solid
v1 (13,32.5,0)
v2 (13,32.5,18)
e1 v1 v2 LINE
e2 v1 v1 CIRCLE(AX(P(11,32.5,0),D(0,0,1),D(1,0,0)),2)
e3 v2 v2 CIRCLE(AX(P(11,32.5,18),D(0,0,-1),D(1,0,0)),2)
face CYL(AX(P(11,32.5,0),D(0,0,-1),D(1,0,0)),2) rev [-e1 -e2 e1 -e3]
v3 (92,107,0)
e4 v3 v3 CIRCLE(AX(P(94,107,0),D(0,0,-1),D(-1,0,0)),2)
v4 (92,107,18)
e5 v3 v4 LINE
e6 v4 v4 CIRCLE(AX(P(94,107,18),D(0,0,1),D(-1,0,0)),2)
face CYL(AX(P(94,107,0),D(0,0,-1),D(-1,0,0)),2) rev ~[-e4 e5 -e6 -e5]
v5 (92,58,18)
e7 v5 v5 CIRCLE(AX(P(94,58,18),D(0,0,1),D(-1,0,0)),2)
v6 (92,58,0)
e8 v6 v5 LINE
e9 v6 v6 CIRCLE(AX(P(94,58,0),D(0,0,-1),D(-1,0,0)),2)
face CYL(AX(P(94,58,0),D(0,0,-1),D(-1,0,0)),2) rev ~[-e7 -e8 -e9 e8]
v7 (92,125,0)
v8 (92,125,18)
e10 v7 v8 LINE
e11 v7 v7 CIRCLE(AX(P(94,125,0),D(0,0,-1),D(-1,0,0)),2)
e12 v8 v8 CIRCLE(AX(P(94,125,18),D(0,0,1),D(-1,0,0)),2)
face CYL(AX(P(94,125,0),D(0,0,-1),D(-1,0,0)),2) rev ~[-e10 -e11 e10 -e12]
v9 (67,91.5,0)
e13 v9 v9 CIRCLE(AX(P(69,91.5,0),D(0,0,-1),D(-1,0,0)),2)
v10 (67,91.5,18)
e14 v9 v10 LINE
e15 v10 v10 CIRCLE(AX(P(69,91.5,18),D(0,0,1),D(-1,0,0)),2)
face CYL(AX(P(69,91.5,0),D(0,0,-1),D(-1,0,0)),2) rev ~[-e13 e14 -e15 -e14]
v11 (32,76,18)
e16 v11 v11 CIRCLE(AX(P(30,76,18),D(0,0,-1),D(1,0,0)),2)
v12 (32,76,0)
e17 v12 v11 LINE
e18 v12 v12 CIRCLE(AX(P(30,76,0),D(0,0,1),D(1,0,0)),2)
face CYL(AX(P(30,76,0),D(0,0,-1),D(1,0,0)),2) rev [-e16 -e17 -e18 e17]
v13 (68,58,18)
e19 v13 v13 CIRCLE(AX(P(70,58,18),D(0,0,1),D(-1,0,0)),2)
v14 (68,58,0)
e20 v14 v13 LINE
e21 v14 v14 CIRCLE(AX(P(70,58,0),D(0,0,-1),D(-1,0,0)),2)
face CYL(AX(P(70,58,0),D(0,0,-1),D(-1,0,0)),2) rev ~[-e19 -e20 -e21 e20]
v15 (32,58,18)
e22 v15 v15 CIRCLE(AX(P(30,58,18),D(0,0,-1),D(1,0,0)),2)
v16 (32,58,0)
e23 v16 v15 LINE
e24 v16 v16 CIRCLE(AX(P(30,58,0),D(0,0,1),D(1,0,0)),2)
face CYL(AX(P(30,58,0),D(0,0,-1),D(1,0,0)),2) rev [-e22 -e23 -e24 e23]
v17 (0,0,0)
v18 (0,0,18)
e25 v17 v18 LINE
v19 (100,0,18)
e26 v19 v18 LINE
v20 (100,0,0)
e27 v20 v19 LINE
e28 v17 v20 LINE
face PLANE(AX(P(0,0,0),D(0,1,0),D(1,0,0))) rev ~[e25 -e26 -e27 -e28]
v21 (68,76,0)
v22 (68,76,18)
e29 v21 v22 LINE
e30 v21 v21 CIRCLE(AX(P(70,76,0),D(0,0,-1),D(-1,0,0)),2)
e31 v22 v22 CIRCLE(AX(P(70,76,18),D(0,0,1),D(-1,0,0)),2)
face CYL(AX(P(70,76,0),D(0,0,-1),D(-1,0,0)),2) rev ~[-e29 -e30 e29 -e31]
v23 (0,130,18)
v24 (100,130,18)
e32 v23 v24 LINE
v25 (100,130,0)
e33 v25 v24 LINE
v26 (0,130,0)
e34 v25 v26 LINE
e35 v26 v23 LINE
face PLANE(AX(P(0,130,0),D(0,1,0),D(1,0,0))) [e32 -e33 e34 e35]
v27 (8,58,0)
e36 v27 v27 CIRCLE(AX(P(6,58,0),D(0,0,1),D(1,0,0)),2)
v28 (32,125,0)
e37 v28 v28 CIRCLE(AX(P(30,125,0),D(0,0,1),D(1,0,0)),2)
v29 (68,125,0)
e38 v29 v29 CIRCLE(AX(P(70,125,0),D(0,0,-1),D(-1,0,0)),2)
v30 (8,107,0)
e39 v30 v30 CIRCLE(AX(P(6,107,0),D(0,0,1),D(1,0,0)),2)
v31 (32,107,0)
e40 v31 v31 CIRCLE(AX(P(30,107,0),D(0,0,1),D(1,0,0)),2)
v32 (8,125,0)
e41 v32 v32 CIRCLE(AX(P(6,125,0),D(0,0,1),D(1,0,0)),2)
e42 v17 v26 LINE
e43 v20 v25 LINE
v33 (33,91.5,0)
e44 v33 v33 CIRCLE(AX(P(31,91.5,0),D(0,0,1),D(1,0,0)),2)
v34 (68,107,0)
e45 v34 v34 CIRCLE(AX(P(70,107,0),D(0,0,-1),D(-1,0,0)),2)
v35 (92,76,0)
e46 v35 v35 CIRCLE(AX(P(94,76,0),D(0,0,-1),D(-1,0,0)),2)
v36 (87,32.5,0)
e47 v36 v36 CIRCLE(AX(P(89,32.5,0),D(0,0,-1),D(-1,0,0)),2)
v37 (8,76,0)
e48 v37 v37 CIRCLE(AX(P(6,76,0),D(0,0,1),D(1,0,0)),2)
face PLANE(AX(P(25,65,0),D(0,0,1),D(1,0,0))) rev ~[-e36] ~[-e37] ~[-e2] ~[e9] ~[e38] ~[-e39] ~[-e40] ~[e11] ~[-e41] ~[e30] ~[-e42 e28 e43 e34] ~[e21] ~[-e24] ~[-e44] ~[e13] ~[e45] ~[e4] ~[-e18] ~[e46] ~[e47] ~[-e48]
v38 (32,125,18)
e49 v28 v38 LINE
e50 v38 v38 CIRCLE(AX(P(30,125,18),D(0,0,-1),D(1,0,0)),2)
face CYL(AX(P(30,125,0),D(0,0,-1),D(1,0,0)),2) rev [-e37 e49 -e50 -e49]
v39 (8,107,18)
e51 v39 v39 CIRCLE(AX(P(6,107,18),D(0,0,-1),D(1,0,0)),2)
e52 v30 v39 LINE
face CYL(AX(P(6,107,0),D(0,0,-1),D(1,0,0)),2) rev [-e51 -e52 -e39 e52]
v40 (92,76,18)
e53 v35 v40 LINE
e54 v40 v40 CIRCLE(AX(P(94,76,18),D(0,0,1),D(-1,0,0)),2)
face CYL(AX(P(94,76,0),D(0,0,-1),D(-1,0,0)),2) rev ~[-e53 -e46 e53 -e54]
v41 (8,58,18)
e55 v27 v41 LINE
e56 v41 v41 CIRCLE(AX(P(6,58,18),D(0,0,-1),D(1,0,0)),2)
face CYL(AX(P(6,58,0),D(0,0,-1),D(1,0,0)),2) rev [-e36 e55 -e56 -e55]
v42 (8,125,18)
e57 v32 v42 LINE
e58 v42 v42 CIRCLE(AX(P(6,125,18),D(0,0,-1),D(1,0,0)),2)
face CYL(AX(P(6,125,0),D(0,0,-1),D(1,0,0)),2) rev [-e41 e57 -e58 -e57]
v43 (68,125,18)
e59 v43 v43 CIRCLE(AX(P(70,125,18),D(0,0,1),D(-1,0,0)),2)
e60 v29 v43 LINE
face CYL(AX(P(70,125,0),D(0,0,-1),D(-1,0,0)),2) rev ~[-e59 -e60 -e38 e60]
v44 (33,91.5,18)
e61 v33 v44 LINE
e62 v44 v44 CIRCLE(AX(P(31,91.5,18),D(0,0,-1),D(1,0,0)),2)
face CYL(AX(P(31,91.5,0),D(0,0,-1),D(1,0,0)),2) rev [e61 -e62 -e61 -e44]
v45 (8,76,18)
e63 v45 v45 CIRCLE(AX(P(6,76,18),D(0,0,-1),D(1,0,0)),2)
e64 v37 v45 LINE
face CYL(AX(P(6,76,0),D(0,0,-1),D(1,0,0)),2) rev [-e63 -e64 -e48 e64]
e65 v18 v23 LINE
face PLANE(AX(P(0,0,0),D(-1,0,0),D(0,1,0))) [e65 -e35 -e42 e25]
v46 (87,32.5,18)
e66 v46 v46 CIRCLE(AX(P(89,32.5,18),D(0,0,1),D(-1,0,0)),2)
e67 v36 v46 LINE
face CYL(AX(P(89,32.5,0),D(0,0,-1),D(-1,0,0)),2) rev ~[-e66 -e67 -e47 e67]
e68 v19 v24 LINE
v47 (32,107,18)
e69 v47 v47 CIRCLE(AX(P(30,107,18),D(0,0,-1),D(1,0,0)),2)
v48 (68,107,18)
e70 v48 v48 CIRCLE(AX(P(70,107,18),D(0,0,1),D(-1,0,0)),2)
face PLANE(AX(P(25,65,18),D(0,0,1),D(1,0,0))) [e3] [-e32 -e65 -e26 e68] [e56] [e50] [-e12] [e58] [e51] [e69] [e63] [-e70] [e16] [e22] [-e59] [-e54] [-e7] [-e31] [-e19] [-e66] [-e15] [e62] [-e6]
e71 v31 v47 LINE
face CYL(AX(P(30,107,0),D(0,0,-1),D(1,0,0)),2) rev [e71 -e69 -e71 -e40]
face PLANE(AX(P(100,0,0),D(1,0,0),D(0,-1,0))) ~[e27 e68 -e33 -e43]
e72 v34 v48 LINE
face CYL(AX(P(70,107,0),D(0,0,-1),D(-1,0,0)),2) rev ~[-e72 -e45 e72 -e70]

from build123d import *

# Parameters (mm, degrees)
CYLINDER007_R     = 2
CYLINDER007_DEPTH = 25
CYLINDER008_R     = 2
CYLINDER008_DEPTH = 25
CYLINDER006_R     = 2
CYLINDER006_DEPTH = 25
CYLINDER009_R     = 2
CYLINDER009_DEPTH = 25
CYLINDER005_R     = 2
CYLINDER005_DEPTH = 25
CYLINDER002_R     = 2
CYLINDER002_DEPTH = 25
CYLINDER001_R     = 2
CYLINDER001_DEPTH = 25
CYLINDER_R        = 2
CYLINDER_DEPTH    = 25
CYLINDER003_R     = 2
CYLINDER003_DEPTH = 25
CYLINDER004_R     = 2
CYLINDER004_DEPTH = 25
BOX_W             = 50
BOX_H             = 130
BOX_DEPTH         = 18


with BuildPart() as cilindro007:
    # Cylinder007 → Cylinder007 (new body)
    with BuildSketch(Plane(origin=(6, 76, 0), x_dir=(1, 0, 0), z_dir=(0, 0, 1))):
        Circle(CYLINDER007_R)
    extrude(amount=CYLINDER007_DEPTH)


with BuildPart() as cilindro008:
    # Cylinder008 → Cylinder008 (new body)
    with BuildSketch(Plane(origin=(30, 58, 0), x_dir=(1, 0, 0), z_dir=(0, 0, 1))):
        Circle(CYLINDER008_R)
    extrude(amount=CYLINDER008_DEPTH)


with BuildPart() as cilindro006:
    # Cylinder006 → Cylinder006 (new body)
    with BuildSketch(Plane(origin=(6, 58, 0), x_dir=(1, 0, 0), z_dir=(0, 0, 1))):
        Circle(CYLINDER006_R)
    extrude(amount=CYLINDER006_DEPTH)


with BuildPart() as huecos001:
    # Cylinder009 → Cylinder009 (new body)
    with BuildSketch(Plane(origin=(30, 76, 0), x_dir=(1, 0, 0), z_dir=(0, 0, 1))):
        Circle(CYLINDER009_R)
    extrude(amount=CYLINDER009_DEPTH)

    # Fusion001: union Cilindro007, Cilindro008, Cilindro006
    add(cilindro007.part)
    add(cilindro008.part)
    add(cilindro006.part)


with BuildPart() as huecos001_1:
    # Fusion001 placement: moved
    add(huecos001.part.moved(Location((0, 49, 0))))


with BuildPart() as cilindro005:
    # Cylinder005 → Cylinder005 (new body)
    with BuildSketch(Plane(origin=(31, 91.5, 0), x_dir=(1, 0, 0), z_dir=(0, 0, 1))):
        Circle(CYLINDER005_R)
    extrude(amount=CYLINDER005_DEPTH)


with BuildPart() as cilindro002:
    # Cylinder002 → Cylinder002 (new body)
    with BuildSketch(Plane(origin=(6, 76, 0), x_dir=(1, 0, 0), z_dir=(0, 0, 1))):
        Circle(CYLINDER002_R)
    extrude(amount=CYLINDER002_DEPTH)


with BuildPart() as cilindro001:
    # Cylinder001 → Cylinder001 (new body)
    with BuildSketch(Plane(origin=(30, 58, 0), x_dir=(1, 0, 0), z_dir=(0, 0, 1))):
        Circle(CYLINDER001_R)
    extrude(amount=CYLINDER001_DEPTH)


with BuildPart() as cilindro:
    # Cylinder → Cylinder (new body)
    with BuildSketch(Plane(origin=(6, 58, 0), x_dir=(1, 0, 0), z_dir=(0, 0, 1))):
        Circle(CYLINDER_R)
    extrude(amount=CYLINDER_DEPTH)


with BuildPart() as huecos:
    # Cylinder003 → Cylinder003 (new body)
    with BuildSketch(Plane(origin=(30, 76, 0), x_dir=(1, 0, 0), z_dir=(0, 0, 1))):
        Circle(CYLINDER003_R)
    extrude(amount=CYLINDER003_DEPTH)

    # Fusion: union Cilindro002, Cilindro001, Cilindro
    add(cilindro002.part)
    add(cilindro001.part)
    add(cilindro.part)


with BuildPart() as cilindro004:
    # Cylinder004 → Cylinder004 (new body)
    with BuildSketch(Plane(origin=(11, 32.5, 0), x_dir=(1, 0, 0), z_dir=(0, 0, 1))):
        Circle(CYLINDER004_R)
    extrude(amount=CYLINDER004_DEPTH)


with BuildPart() as izquierda:
    # Box → Box (new body)
    with BuildSketch(Plane.XY):
        with Locations((25, 65)):
            Rectangle(BOX_W, BOX_H)
    extrude(amount=BOX_DEPTH)

    # Cut: cut Cilindro004
    add(cilindro004.part, mode=Mode.SUBTRACT)

    # Cut001: cut Huecos
    add(huecos.part, mode=Mode.SUBTRACT)

    # Cut002: cut Cilindro005
    add(cilindro005.part, mode=Mode.SUBTRACT)

    # Cut003: cut Huecos001
    add(huecos001_1.part, mode=Mode.SUBTRACT)


with BuildPart() as fusion002:
    # mirror: instance of Izquierda
    add(izquierda.part.mirror(Plane(origin=(50, 0, 0.197234), x_dir=(0, -1, 0), z_dir=(1, 0, 0))))

    # Fusion002: union Izquierda
    add(izquierda.part)


solid = fusion002.part
